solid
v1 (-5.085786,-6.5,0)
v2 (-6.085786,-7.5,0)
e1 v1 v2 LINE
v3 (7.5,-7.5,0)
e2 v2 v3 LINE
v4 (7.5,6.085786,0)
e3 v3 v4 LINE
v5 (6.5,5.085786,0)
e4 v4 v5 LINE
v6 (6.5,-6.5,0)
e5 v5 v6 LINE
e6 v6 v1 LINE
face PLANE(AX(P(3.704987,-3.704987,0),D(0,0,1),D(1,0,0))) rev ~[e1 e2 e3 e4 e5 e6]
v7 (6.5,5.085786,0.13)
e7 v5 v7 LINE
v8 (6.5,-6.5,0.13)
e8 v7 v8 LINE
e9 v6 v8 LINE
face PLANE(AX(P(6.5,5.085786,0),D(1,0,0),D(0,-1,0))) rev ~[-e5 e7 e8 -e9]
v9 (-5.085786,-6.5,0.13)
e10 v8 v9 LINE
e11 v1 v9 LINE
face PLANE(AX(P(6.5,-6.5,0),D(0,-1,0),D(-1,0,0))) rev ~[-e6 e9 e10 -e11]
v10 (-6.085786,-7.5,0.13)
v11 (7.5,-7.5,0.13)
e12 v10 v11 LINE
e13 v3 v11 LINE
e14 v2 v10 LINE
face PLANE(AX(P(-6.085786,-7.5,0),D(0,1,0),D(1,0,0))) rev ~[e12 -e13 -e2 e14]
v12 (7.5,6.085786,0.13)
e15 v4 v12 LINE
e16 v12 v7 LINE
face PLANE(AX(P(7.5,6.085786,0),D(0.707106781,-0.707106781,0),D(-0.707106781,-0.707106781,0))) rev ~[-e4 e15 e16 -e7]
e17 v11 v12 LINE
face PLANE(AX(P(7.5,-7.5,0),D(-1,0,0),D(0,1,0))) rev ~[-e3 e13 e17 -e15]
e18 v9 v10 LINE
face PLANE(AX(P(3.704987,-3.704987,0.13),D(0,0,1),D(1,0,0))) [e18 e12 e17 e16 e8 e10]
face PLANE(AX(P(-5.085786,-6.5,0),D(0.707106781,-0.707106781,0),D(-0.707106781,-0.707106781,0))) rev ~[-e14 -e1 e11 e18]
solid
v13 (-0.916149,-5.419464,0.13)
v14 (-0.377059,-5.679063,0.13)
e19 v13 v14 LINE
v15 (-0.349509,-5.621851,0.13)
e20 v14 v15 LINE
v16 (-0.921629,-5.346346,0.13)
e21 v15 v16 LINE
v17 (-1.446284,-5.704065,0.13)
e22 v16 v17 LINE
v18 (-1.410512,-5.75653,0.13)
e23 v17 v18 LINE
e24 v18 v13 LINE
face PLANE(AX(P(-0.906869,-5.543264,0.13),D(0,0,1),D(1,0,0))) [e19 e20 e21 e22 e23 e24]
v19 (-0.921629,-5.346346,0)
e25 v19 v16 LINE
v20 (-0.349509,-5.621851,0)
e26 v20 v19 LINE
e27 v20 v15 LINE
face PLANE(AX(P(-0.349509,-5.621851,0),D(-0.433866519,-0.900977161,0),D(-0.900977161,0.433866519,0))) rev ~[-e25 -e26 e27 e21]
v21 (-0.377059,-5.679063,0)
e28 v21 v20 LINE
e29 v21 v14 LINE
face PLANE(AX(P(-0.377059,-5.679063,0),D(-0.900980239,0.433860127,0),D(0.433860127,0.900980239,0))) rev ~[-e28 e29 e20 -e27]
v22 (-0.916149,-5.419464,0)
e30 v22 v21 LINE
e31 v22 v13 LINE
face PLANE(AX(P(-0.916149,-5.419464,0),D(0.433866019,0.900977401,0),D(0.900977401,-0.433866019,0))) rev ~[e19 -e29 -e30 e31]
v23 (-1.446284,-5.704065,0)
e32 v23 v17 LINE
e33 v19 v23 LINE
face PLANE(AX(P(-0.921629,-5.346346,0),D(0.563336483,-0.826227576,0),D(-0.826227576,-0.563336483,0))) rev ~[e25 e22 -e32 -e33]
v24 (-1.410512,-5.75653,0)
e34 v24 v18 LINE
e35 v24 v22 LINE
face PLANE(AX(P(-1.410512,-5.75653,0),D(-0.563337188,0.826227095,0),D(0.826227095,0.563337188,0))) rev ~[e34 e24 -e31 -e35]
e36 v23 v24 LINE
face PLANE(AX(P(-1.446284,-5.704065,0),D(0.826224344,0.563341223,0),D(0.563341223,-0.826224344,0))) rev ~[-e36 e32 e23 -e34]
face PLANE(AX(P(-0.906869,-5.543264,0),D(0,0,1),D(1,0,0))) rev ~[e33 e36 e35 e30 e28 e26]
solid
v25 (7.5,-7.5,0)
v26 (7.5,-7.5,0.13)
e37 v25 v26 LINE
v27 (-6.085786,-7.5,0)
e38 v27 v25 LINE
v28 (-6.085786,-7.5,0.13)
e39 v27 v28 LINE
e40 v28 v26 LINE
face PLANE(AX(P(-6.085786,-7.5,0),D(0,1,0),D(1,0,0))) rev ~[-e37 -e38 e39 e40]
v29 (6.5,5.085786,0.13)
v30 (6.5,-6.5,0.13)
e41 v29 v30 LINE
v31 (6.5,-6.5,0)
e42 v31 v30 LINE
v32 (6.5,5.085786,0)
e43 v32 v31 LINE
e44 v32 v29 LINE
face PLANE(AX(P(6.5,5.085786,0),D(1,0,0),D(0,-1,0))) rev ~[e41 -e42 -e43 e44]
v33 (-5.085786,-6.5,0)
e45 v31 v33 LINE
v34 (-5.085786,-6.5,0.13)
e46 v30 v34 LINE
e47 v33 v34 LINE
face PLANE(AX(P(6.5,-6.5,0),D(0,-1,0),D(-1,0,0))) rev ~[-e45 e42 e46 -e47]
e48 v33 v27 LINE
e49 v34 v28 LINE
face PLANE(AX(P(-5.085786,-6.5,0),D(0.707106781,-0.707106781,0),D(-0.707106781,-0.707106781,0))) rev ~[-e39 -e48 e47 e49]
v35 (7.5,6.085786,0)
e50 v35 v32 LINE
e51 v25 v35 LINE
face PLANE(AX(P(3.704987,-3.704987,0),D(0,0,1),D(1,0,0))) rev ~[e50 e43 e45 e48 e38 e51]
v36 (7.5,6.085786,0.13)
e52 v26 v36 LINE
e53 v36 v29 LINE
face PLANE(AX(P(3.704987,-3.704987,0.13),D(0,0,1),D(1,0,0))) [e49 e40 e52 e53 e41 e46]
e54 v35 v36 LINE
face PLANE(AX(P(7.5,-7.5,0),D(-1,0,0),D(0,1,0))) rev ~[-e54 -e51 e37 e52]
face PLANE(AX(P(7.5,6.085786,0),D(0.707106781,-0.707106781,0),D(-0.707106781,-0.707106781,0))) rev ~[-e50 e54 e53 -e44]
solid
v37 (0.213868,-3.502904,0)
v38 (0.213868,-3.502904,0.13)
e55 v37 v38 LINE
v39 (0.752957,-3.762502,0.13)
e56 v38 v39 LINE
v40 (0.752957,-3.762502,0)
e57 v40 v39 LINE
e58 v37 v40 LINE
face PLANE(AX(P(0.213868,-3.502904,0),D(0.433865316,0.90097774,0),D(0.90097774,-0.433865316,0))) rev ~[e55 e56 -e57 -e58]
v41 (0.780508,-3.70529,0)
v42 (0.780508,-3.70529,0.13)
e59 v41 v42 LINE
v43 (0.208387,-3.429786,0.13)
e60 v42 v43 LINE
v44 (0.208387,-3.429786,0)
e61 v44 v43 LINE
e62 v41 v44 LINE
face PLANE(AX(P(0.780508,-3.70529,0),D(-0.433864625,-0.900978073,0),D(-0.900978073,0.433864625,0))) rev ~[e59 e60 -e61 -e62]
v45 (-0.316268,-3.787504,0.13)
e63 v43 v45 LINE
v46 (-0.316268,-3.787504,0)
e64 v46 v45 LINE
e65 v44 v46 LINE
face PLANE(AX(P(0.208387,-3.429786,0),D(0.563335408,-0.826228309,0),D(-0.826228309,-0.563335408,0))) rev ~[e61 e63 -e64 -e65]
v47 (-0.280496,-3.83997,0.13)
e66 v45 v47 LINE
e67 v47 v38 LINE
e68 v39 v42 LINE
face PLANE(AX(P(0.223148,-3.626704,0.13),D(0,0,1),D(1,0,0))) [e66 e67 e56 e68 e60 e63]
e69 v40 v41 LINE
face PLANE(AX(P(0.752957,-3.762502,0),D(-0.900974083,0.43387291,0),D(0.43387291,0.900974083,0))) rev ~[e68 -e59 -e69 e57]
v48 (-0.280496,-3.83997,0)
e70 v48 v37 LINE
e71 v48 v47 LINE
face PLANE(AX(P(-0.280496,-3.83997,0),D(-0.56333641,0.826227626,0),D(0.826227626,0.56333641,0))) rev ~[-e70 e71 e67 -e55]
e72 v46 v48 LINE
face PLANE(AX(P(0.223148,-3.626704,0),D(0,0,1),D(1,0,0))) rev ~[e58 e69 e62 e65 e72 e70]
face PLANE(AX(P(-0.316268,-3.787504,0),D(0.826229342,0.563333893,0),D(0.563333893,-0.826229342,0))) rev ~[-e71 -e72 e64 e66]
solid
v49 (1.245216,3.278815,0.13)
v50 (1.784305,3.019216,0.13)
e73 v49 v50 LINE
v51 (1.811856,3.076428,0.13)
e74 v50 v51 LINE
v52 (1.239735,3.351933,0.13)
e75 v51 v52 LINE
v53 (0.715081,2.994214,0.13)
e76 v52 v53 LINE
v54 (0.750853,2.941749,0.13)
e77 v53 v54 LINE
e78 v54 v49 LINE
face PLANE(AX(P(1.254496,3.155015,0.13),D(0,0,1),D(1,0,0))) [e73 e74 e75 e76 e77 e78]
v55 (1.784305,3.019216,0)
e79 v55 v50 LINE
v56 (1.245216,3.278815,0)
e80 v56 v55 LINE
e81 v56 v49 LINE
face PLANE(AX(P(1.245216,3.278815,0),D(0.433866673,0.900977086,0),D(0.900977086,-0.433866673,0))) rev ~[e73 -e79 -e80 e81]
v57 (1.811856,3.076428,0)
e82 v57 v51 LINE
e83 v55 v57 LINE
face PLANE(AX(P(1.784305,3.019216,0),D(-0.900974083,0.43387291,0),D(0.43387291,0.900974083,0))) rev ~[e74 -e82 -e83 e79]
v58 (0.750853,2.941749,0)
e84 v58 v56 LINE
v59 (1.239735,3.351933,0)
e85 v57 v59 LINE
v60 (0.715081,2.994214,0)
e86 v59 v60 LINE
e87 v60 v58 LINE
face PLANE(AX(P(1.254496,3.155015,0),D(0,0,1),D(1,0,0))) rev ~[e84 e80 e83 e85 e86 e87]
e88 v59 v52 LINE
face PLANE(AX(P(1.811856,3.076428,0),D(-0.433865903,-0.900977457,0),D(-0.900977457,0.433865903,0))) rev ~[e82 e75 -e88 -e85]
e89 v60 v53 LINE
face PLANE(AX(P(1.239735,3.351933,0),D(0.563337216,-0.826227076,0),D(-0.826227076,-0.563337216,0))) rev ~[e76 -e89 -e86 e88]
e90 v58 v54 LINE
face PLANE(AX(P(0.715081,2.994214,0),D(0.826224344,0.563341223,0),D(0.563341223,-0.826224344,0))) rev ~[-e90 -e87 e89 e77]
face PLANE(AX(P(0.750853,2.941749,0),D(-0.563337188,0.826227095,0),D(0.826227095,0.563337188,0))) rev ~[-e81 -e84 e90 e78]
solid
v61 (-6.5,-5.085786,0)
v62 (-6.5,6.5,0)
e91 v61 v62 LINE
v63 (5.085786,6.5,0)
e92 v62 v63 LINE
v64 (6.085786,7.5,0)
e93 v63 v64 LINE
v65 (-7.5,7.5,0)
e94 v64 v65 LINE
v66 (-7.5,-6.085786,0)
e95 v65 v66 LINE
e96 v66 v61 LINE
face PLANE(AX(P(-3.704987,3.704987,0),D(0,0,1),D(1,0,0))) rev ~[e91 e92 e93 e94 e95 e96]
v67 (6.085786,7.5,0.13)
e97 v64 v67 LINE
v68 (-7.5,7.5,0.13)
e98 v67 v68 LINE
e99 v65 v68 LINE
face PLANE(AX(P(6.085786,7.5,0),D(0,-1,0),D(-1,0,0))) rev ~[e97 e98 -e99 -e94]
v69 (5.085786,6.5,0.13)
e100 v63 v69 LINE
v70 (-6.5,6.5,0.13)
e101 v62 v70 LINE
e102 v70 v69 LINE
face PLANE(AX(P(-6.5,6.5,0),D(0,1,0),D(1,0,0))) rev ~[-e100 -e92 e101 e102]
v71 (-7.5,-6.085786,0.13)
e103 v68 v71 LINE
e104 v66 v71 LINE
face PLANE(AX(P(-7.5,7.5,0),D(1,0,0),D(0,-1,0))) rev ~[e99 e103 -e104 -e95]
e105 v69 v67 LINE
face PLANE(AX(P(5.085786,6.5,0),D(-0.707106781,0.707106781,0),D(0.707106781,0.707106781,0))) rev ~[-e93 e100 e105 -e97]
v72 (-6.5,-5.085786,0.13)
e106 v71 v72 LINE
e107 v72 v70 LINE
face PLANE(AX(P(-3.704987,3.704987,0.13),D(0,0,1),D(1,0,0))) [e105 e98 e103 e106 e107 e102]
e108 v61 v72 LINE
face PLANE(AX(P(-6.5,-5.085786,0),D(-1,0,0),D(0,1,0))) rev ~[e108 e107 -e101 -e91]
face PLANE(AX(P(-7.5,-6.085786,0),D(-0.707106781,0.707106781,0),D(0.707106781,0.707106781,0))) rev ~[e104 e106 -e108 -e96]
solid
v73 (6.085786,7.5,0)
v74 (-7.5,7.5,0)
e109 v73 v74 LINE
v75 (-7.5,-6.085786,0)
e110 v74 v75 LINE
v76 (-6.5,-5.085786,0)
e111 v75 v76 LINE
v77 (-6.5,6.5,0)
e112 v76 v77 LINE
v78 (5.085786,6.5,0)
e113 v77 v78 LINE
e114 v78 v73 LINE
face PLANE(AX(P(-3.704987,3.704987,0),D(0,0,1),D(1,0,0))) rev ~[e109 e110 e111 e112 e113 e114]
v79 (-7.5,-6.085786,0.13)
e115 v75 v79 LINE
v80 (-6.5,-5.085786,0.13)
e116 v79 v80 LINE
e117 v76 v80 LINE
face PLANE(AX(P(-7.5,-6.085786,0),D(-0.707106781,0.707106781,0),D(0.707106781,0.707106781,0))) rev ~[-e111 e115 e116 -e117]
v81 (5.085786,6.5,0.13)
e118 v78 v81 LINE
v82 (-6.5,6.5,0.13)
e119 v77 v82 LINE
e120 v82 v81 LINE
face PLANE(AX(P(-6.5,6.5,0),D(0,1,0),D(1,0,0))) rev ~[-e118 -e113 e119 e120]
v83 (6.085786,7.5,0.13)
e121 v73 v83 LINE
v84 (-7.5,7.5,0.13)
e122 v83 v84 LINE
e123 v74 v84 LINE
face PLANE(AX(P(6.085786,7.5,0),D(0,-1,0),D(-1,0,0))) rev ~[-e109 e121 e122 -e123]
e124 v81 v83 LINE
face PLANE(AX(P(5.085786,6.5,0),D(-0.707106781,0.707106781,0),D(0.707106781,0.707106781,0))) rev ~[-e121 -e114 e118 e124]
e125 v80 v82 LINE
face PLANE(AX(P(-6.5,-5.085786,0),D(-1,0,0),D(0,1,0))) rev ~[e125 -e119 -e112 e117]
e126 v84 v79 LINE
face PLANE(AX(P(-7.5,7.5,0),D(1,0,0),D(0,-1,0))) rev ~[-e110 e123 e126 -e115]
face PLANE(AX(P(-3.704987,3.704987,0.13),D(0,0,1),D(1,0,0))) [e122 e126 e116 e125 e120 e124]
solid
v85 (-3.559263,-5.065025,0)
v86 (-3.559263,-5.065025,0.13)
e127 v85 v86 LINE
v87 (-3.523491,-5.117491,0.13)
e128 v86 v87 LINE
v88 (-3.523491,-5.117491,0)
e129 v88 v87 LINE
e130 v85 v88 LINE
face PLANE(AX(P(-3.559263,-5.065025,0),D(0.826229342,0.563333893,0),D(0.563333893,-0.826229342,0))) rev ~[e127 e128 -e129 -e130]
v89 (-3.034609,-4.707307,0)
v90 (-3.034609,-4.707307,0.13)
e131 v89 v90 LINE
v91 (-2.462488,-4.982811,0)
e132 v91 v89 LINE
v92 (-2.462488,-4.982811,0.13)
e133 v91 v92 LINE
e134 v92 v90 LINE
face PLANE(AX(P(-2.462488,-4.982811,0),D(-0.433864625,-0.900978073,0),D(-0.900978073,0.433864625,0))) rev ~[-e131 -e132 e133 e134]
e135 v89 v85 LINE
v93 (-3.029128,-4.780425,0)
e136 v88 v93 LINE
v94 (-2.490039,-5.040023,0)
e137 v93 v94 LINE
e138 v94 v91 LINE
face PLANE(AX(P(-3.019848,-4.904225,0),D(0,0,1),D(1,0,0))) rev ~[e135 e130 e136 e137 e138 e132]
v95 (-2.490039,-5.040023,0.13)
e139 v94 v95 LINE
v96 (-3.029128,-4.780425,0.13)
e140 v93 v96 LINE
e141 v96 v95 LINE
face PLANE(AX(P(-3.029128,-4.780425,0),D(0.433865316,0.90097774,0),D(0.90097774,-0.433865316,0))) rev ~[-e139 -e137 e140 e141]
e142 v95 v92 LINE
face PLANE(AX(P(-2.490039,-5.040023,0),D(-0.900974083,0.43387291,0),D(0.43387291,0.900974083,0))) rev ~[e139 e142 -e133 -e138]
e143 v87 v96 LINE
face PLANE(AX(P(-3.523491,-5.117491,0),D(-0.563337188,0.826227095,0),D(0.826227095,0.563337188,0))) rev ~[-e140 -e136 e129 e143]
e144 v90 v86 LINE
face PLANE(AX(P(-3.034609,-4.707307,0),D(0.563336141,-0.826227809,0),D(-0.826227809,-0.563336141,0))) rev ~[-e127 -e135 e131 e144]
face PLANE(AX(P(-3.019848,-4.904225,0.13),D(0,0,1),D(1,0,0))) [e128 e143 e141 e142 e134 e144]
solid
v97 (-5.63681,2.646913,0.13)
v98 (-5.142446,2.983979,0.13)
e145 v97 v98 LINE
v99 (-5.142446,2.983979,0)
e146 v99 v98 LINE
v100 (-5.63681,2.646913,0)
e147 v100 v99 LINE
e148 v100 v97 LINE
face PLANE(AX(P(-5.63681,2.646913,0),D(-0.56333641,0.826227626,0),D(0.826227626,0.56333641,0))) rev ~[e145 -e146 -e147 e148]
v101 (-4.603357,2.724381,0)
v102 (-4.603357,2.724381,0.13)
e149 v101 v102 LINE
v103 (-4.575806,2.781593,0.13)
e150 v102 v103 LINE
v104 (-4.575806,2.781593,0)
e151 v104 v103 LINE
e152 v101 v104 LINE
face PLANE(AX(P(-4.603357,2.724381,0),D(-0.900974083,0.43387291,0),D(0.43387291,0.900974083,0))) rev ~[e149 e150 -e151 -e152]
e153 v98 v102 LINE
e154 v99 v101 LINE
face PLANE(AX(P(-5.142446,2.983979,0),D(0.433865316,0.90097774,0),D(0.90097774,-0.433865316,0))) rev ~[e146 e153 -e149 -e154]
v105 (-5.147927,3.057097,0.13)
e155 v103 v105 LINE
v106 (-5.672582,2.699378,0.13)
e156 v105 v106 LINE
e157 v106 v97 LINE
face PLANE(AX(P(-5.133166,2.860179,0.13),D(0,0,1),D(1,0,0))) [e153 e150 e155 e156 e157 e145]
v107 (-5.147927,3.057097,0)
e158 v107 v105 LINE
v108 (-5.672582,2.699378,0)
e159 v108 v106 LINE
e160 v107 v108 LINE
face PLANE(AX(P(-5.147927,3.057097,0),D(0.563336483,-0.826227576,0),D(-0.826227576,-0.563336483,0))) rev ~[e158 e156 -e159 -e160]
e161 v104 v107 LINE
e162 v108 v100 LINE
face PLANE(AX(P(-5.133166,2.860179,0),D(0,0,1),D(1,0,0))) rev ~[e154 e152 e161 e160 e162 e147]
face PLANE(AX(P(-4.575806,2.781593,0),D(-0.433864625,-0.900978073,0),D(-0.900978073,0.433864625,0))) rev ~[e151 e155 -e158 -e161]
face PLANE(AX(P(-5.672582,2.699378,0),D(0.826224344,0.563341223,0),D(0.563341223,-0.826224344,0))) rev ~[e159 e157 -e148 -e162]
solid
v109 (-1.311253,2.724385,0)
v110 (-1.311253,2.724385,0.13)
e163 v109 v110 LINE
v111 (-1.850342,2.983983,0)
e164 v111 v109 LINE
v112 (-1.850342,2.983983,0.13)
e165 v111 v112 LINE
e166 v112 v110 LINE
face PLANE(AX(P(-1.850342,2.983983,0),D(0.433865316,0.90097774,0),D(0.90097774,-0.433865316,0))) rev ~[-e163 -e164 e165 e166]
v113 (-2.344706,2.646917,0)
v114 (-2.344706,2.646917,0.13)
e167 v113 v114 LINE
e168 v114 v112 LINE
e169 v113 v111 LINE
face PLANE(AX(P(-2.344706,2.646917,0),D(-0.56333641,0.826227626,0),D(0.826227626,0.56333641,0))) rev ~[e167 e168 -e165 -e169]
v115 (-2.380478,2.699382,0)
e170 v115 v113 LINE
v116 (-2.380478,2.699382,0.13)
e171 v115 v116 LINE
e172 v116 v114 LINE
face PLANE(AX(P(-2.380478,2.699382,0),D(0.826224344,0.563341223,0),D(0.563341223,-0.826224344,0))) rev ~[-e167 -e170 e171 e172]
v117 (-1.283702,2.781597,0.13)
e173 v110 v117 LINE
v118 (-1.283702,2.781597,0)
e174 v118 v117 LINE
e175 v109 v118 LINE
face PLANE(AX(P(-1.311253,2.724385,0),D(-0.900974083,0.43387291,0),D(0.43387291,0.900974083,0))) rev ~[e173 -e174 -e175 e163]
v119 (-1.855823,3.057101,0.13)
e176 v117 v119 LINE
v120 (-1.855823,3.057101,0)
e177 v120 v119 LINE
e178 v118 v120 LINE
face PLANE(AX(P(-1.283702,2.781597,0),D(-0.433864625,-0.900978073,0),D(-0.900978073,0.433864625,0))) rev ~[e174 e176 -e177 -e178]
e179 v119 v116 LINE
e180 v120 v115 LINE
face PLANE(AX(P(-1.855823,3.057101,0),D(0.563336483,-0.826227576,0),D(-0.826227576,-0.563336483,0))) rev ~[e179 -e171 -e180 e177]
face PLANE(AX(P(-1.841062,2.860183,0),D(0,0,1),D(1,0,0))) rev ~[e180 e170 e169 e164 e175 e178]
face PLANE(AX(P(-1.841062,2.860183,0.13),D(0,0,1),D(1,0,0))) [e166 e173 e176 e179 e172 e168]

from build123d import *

# Parameters (mm, degrees)
F1_DEPTH = 0.13
F2_DEPTH = 0.13


with BuildPart() as f1:
    # F0 (on Top) → F1 (new body)
    with BuildSketch(Plane.XY):
        Polygon((5.085786, 6.5), (6.085786, 7.5), (-7.5, 7.5), (-7.5, -6.085786), (-6.5, -5.085786), (-6.5, 6.5), align=None)
        Polygon((-6.085786, -7.5), (7.5, -7.5), (7.5, 6.085786), (6.5, 5.085786), (6.5, -6.5), (-5.085786, -6.5), align=None)
    extrude(amount=F1_DEPTH)


with BuildPart() as f2:
    # F0 (on Top) → F2 (new body)
    with BuildSketch(Plane.XY):
        Polygon((5.085786, 6.5), (6.085786, 7.5), (-7.5, 7.5), (-7.5, -6.085786), (-6.5, -5.085786), (-6.5, 6.5), align=None)
        Polygon((-6.085786, -7.5), (7.5, -7.5), (7.5, 6.085786), (6.5, 5.085786), (6.5, -6.5), (-5.085786, -6.5), align=None)
        Polygon((-5.672582, 2.699378), (-5.63681, 2.646913), (-5.142446, 2.983979), (-4.603357, 2.724381), (-4.575806, 2.781593), (-5.147927, 3.057097), align=None)
        Polygon((-2.380478, 2.699382), (-2.344706, 2.646917), (-1.850342, 2.983983), (-1.311253, 2.724385), (-1.283702, 2.781597), (-1.855823, 3.057101), align=None)
        Polygon((0.715081, 2.994214), (0.750853, 2.941749), (1.245216, 3.278815), (1.784305, 3.019216), (1.811856, 3.076428), (1.239735, 3.351933), align=None)
        Polygon((-3.559263, -5.065025), (-3.523491, -5.117491), (-3.029128, -4.780425), (-2.490039, -5.040023), (-2.462488, -4.982811), (-3.034609, -4.707307), align=None)
        Polygon((-1.446284, -5.704065), (-1.410512, -5.75653), (-0.916149, -5.419464), (-0.377059, -5.679063), (-0.349509, -5.621851), (-0.921629, -5.346346), align=None)
        Polygon((-0.316268, -3.787504), (-0.280496, -3.83997), (0.213868, -3.502904), (0.752957, -3.762502), (0.780508, -3.70529), (0.208387, -3.429786), align=None)
    extrude(amount=F2_DEPTH)


solid = Compound([f1.part, f2.part])
